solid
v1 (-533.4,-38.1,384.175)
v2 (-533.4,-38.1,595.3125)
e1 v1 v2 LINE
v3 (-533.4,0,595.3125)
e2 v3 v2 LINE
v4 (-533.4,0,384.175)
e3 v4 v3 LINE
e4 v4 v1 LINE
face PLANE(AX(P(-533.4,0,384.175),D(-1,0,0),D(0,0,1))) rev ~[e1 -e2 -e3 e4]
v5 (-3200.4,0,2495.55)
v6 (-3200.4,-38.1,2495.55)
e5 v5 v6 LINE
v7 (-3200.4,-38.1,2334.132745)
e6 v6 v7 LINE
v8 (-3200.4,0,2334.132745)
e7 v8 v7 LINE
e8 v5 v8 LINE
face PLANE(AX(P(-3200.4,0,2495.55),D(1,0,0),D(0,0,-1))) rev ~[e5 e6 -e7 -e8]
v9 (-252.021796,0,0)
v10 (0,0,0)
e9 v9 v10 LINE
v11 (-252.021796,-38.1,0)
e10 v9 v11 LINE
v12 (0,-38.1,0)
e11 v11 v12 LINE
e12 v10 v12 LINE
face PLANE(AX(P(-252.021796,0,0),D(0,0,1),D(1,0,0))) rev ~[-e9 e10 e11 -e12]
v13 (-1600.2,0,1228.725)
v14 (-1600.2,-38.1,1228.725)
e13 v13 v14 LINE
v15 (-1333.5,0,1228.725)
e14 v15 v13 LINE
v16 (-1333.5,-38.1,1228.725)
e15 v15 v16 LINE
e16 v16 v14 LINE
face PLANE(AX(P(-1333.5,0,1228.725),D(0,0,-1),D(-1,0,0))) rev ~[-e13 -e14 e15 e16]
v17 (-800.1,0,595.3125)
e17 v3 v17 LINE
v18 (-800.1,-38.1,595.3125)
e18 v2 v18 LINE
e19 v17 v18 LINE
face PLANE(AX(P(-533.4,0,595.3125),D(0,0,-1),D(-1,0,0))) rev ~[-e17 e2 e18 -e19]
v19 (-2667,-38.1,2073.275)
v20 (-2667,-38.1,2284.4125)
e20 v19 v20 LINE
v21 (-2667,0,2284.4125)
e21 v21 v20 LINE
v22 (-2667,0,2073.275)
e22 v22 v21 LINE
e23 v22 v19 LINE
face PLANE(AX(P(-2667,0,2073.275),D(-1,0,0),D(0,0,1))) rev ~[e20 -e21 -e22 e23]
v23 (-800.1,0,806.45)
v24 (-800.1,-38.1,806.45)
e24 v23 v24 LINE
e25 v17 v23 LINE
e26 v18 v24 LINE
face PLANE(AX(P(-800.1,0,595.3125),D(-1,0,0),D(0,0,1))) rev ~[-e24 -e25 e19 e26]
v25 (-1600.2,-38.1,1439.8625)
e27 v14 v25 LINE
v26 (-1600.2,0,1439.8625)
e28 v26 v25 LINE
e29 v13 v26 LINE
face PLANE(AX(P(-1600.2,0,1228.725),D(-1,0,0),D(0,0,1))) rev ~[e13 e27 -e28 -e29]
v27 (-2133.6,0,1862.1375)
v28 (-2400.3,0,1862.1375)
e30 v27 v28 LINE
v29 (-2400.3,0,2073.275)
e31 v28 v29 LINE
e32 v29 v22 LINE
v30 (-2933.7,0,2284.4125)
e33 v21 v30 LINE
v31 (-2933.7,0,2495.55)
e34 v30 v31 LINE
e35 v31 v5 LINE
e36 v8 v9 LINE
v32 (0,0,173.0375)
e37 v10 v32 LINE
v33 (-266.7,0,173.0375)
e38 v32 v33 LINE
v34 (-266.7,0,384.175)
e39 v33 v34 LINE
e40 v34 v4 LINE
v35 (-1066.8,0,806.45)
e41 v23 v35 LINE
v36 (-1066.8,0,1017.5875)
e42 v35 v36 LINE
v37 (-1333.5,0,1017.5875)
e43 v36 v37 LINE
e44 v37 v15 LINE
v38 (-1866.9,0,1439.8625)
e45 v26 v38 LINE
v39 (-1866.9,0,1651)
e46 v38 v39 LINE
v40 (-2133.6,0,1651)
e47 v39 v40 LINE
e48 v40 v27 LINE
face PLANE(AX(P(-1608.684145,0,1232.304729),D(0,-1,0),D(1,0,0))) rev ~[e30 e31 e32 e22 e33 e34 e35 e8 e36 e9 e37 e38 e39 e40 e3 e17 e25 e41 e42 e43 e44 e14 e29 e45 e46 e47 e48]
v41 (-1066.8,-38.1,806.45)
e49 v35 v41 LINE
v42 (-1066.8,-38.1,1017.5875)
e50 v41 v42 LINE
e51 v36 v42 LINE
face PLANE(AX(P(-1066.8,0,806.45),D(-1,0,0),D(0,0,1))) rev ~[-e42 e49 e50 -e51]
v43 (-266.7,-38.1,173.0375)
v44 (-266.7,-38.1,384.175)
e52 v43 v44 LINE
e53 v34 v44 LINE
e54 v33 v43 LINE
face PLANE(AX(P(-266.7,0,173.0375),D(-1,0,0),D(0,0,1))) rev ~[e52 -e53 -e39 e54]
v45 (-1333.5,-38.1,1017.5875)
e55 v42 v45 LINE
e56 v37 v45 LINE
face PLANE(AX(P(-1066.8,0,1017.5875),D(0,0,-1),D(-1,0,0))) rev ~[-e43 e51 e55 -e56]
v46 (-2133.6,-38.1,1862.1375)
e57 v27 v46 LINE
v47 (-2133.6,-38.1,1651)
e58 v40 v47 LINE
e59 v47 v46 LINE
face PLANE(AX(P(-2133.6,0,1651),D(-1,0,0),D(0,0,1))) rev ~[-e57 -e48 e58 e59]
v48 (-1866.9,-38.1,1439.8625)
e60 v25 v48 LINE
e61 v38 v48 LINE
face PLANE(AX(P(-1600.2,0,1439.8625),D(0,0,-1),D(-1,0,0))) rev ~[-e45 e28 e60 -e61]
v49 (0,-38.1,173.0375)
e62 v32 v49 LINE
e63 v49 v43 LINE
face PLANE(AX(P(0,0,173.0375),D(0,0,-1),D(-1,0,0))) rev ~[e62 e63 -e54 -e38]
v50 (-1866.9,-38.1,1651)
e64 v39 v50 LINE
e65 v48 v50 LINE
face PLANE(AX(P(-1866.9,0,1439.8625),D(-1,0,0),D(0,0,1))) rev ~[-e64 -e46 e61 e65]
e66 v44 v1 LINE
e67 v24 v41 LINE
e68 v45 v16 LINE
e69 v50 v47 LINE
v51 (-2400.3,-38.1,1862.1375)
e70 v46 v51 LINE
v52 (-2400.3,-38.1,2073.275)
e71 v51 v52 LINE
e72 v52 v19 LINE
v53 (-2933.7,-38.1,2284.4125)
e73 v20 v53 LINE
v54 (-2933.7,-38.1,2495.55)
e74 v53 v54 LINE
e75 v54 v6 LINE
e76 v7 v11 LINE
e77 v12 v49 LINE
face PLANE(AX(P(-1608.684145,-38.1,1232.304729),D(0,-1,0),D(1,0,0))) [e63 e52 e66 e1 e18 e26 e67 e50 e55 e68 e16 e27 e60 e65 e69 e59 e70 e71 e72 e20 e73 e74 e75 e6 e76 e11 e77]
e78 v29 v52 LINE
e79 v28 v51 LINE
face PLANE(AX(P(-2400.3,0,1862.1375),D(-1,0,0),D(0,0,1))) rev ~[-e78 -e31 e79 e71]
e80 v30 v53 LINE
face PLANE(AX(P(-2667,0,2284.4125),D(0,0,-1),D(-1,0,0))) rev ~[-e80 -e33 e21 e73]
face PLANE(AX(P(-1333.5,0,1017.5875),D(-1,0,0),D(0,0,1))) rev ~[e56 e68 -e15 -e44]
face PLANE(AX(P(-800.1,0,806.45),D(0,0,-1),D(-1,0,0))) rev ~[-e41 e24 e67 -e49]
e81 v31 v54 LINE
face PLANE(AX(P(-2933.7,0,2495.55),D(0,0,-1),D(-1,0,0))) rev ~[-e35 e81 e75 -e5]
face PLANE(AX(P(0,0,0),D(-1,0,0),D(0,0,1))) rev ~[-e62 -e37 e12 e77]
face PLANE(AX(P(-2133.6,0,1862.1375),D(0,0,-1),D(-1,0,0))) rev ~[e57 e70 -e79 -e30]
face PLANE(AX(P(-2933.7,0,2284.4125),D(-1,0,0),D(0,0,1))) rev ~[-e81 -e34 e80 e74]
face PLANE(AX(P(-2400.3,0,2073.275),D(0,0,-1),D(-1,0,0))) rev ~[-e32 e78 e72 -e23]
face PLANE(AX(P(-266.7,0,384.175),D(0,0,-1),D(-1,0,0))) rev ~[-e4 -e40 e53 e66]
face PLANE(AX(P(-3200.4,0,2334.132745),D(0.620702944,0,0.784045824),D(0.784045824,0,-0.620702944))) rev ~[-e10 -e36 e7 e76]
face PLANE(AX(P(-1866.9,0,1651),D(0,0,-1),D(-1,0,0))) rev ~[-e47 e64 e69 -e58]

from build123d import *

# Parameters (mm, degrees)
F1_DEPTH = 38.1


with BuildPart() as f1:
    # F0 (on Front) → F1 (new body)
    with BuildSketch(Plane.XZ):
        Polygon((-252.021796, 0), (0, 0), (0, 173.0375), (-266.7, 173.0375), (-266.7, 384.175), (-533.4, 384.175), (-533.4, 595.3125), (-800.1, 595.3125), (-800.1, 806.45), (-1066.8, 806.45), (-1066.8, 1017.5875), (-1333.5, 1017.5875), (-1333.5, 1228.725), (-1600.2, 1228.725), (-1600.2, 1439.8625), (-1866.9, 1439.8625), (-1866.9, 1651), (-2133.6, 1651), (-2133.6, 1862.1375), (-2400.3, 1862.1375), (-2400.3, 2073.275), (-2667, 2073.275), (-2667, 2284.4125), (-2933.7, 2284.4125), (-2933.7, 2495.55), (-3200.4, 2495.55), (-3200.4, 2334.132745), align=None)
    extrude(amount=F1_DEPTH)


solid = f1.part
